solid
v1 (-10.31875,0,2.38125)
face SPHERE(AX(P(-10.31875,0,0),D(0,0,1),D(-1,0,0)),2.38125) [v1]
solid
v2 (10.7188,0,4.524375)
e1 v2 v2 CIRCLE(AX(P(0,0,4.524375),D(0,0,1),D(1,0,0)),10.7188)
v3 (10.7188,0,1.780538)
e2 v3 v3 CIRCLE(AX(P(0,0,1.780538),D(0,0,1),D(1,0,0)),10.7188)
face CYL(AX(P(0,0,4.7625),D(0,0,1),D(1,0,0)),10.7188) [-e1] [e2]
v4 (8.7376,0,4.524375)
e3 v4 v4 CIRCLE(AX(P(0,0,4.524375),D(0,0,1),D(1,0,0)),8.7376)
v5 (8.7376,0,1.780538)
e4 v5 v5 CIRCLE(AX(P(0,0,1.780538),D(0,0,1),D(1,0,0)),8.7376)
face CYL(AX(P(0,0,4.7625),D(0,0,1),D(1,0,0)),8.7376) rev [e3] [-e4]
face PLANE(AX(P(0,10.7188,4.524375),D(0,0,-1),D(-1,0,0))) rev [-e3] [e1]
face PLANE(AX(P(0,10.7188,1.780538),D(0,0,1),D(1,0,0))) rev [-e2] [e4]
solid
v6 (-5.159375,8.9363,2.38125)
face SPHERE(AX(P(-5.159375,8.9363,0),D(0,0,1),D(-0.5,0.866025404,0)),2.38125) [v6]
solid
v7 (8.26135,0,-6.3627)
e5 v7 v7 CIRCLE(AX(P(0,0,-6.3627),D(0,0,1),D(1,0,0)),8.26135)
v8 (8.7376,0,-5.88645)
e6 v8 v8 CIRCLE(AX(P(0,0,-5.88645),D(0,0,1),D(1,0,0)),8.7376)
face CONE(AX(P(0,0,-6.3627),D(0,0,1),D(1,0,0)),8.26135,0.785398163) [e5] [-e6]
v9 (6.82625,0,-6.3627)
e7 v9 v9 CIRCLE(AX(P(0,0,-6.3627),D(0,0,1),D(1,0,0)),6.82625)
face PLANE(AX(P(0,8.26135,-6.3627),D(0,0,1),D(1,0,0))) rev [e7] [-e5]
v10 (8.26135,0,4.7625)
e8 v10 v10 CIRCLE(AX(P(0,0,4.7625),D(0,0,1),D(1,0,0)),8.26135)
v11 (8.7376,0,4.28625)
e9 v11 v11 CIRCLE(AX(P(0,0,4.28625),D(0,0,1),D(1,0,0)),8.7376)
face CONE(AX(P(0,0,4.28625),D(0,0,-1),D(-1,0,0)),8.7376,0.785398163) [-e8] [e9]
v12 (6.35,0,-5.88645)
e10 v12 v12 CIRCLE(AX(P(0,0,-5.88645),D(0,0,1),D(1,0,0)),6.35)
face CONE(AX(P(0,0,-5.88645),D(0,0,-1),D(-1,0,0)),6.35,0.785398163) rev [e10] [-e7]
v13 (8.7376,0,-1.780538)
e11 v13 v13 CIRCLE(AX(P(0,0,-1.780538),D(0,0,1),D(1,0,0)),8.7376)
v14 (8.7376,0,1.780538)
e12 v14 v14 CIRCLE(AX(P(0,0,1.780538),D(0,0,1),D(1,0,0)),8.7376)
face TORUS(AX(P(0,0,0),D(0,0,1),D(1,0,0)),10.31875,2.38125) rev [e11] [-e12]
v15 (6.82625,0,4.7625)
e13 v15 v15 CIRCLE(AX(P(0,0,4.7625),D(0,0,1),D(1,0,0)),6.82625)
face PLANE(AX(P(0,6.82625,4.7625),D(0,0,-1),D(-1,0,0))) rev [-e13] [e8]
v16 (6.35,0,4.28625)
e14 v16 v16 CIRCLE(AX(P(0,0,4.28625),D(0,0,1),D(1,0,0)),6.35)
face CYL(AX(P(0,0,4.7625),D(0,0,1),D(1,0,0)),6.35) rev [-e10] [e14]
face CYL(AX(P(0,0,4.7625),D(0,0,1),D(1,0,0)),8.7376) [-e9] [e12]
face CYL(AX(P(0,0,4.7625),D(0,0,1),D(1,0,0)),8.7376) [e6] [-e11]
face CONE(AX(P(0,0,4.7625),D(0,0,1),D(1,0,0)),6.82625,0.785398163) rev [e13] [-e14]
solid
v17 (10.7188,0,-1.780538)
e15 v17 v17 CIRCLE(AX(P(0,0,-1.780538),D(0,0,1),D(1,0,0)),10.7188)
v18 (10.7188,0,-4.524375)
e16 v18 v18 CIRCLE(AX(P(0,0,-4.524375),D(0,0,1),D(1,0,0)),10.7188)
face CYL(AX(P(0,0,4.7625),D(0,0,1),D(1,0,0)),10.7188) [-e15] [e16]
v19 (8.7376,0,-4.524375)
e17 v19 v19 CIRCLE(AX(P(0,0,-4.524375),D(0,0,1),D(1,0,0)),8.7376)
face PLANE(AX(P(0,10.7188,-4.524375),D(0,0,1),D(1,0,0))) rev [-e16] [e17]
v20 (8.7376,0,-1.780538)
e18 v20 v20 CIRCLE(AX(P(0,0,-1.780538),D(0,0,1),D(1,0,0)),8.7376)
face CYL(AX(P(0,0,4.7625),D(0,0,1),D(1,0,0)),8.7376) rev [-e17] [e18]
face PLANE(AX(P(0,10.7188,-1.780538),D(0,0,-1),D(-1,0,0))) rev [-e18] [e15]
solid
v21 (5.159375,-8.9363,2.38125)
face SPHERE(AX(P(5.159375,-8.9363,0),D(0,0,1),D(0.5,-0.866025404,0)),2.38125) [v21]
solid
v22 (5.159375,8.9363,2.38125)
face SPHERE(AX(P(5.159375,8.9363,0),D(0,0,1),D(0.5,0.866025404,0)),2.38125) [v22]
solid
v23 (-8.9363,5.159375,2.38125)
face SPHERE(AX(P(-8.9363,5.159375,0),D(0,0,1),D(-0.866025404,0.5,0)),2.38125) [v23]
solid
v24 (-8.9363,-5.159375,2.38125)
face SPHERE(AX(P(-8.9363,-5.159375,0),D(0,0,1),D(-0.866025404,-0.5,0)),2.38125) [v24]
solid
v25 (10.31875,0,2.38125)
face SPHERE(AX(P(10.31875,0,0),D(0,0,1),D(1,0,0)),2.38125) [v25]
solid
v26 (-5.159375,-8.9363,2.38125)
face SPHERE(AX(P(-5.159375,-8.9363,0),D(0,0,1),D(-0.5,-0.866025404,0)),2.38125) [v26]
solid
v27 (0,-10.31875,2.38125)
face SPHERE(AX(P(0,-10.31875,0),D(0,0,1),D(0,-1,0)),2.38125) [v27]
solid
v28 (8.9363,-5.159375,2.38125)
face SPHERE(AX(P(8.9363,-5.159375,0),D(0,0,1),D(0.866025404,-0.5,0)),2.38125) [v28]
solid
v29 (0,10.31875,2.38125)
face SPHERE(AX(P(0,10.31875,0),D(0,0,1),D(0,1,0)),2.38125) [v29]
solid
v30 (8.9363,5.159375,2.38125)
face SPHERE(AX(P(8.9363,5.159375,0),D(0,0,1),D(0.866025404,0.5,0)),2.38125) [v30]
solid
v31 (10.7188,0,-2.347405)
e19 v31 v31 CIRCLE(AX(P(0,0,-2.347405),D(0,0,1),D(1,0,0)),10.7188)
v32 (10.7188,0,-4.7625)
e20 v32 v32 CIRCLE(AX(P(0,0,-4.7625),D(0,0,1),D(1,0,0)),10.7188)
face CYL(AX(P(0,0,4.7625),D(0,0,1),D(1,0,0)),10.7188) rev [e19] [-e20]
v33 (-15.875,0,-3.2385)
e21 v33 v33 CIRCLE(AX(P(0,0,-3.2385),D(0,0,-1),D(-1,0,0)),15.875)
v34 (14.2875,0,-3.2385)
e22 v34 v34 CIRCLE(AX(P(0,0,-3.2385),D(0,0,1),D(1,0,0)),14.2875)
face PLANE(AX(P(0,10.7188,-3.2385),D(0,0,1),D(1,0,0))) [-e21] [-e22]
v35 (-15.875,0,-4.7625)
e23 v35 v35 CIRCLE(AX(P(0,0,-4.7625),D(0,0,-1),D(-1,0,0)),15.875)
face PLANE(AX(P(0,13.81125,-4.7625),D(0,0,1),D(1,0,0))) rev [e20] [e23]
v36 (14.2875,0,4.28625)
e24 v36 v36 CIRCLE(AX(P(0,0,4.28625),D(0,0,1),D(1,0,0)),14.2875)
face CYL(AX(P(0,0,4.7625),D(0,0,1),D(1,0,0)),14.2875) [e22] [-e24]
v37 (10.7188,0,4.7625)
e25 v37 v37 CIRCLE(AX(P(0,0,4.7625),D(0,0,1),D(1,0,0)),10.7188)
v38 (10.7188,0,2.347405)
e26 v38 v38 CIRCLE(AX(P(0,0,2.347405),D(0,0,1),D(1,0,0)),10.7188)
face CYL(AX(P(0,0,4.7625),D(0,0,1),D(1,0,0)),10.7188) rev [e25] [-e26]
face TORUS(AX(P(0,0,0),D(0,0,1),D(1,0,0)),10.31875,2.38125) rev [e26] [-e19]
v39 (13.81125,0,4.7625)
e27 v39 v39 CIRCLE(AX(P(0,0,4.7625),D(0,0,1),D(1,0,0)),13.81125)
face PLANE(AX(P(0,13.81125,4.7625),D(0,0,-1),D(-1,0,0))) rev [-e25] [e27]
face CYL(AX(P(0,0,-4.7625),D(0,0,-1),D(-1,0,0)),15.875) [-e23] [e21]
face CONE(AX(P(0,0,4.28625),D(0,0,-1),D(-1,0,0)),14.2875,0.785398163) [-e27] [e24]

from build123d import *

# Parameters (mm, degrees)
SKETCH6_W         = 1.524
SKETCH6_H         = 5.1562
CIRPATTERN1_COUNT = 12
SKETCH5_W         = 2.743836812
SKETCH5_H         = 1.9812


with BuildPart() as part:
    # Sketch1 → Revolve1 (revolve)
    with BuildSketch(Plane(origin=(0, 0, 0), x_dir=(0, 0, -1), z_dir=(1, 0, 0)), mode=Mode.PRIVATE) as revolve1_sk:
        with BuildLine():
            Line((4.28625, 14.2875), (-4.28625, 14.2875))
            Line((-4.28625, 14.2875), (-4.7625, 13.81125))
            Line((-4.7625, 13.81125), (-4.7625, 10.7188))
            Line((-4.7625, 10.7188), (-2.347405282, 10.7188))
            ThreePointArc((-2.347405282, 10.7188), (0, 12.7), (2.347405282, 10.7188))
            Line((2.347405282, 10.7188), (4.7625, 10.7188))
            Line((4.7625, 10.7188), (4.7625, 13.81125))
            Line((4.7625, 13.81125), (4.28625, 14.2875))
        make_face()
    revolve(revolve1_sk.sketch.rotate(Axis((0, 0, 4.7625), (0, 0, -1)), 90), axis=Axis((0, 0, 4.7625), (0, 0, -1)))

    # Sketch6 → Revolve6 (revolve)
    with BuildSketch(Plane(origin=(0, 0, 0), x_dir=(0, 0, -1), z_dir=(1, 0, 0)), mode=Mode.PRIVATE) as revolve6_sk:
        with Locations((4.0005, 13.2969)):
            Rectangle(SKETCH6_W, SKETCH6_H)
    revolve(revolve6_sk.sketch.rotate(Axis((0, 0, -4.7625), (0, 0, 1)), 270), axis=Axis((0, 0, -4.7625), (0, 0, 1)))


with BuildPart() as body_2:
    # Sketch3 → Revolve3 (revolve)
    with BuildSketch(Plane(origin=(0, 0, 0), x_dir=(0, 0, -1), z_dir=(1, 0, 0)), mode=Mode.PRIVATE) as revolve3_sk:
        with BuildLine():
            Line((-4.7625, 6.82625), (-4.7625, 8.26135))
            Line((-4.7625, 8.26135), (-4.28625, 8.7376))
            Line((-4.28625, 8.7376), (-1.780538188, 8.7376))
            ThreePointArc((-1.780538188, 8.7376), (0, 7.9375), (1.780538188, 8.7376))
            Line((1.780538188, 8.7376), (5.88645, 8.7376))
            Line((5.88645, 8.7376), (6.3627, 8.26135))
            Line((6.3627, 8.26135), (6.3627, 6.82625))
            Line((6.3627, 6.82625), (5.88645, 6.35))
            Line((5.88645, 6.35), (-4.28625, 6.35))
            Line((-4.28625, 6.35), (-4.7625, 6.82625))
        make_face()
    revolve(revolve3_sk.sketch.rotate(Axis((0, 0, 4.7625), (0, 0, -1)), 90), axis=Axis((0, 0, 4.7625), (0, 0, -1)))


with BuildPart() as body_3:
    # Sketch4 → Revolve4 (revolve)
    with BuildSketch(Plane(origin=(0, 0, 0), x_dir=(0, 0, -1), z_dir=(1, 0, 0))):
        with BuildLine():
            Line((-2.38125, 10.31875), (2.38125, 10.31875))
            ThreePointArc((2.38125, 10.31875), (0, 12.7), (-2.38125, 10.31875))
        make_face()
    revolve(axis=Axis((0, 10.31875, 2.38125), (0, 0, -1)))


with BuildPart() as cirpattern1_1:
    # CirPattern1: pattern copy
    add(body_3.part.rotate(Axis((0, 0, 0), (0, 0, 1)), 1 * 360 / CIRPATTERN1_COUNT))


with BuildPart() as cirpattern1_2:
    # CirPattern1: pattern copy
    add(body_3.part.rotate(Axis((0, 0, 0), (0, 0, 1)), 2 * 360 / CIRPATTERN1_COUNT))


with BuildPart() as cirpattern1_3:
    # CirPattern1: pattern copy
    add(body_3.part.rotate(Axis((0, 0, 0), (0, 0, 1)), 3 * 360 / CIRPATTERN1_COUNT))


with BuildPart() as cirpattern1_4:
    # CirPattern1: pattern copy
    add(body_3.part.rotate(Axis((0, 0, 0), (0, 0, 1)), 4 * 360 / CIRPATTERN1_COUNT))


with BuildPart() as cirpattern1_5:
    # CirPattern1: pattern copy
    add(body_3.part.rotate(Axis((0, 0, 0), (0, 0, 1)), 5 * 360 / CIRPATTERN1_COUNT))


with BuildPart() as cirpattern1_6:
    # CirPattern1: pattern copy
    add(body_3.part.rotate(Axis((0, 0, 0), (0, 0, 1)), 6 * 360 / CIRPATTERN1_COUNT))


with BuildPart() as cirpattern1_7:
    # CirPattern1: pattern copy
    add(body_3.part.rotate(Axis((0, 0, 0), (0, 0, 1)), 7 * 360 / CIRPATTERN1_COUNT))


with BuildPart() as cirpattern1_8:
    # CirPattern1: pattern copy
    add(body_3.part.rotate(Axis((0, 0, 0), (0, 0, 1)), 8 * 360 / CIRPATTERN1_COUNT))


with BuildPart() as cirpattern1_9:
    # CirPattern1: pattern copy
    add(body_3.part.rotate(Axis((0, 0, 0), (0, 0, 1)), 9 * 360 / CIRPATTERN1_COUNT))


with BuildPart() as cirpattern1_10:
    # CirPattern1: pattern copy
    add(body_3.part.rotate(Axis((0, 0, 0), (0, 0, 1)), 10 * 360 / CIRPATTERN1_COUNT))


with BuildPart() as cirpattern1_11:
    # CirPattern1: pattern copy
    add(body_3.part.rotate(Axis((0, 0, 0), (0, 0, 1)), 11 * 360 / CIRPATTERN1_COUNT))


with BuildPart() as body_15:
    # Sketch5 → Revolve5 (revolve)
    with BuildSketch(Plane(origin=(0, 0, 0), x_dir=(0, 0, -1), z_dir=(1, 0, 0)), mode=Mode.PRIVATE) as revolve5_sk:
        with Locations((-3.152456594, 9.7282)):
            Rectangle(SKETCH5_W, SKETCH5_H)
        with Locations((3.152456594, 9.7282)):
            Rectangle(SKETCH5_W, SKETCH5_H)
    revolve(revolve5_sk.sketch.rotate(Axis((0, 0, 4.7625), (0, 0, -1)), 90), axis=Axis((0, 0, 4.7625), (0, 0, -1)))


solid = Compound([part.part, body_2.part, body_3.part, cirpattern1_1.part, cirpattern1_2.part, cirpattern1_3.part, cirpattern1_4.part, cirpattern1_5.part, cirpattern1_6.part, cirpattern1_7.part, cirpattern1_8.part, cirpattern1_9.part, cirpattern1_10.part, cirpattern1_11.part, body_15.part])
